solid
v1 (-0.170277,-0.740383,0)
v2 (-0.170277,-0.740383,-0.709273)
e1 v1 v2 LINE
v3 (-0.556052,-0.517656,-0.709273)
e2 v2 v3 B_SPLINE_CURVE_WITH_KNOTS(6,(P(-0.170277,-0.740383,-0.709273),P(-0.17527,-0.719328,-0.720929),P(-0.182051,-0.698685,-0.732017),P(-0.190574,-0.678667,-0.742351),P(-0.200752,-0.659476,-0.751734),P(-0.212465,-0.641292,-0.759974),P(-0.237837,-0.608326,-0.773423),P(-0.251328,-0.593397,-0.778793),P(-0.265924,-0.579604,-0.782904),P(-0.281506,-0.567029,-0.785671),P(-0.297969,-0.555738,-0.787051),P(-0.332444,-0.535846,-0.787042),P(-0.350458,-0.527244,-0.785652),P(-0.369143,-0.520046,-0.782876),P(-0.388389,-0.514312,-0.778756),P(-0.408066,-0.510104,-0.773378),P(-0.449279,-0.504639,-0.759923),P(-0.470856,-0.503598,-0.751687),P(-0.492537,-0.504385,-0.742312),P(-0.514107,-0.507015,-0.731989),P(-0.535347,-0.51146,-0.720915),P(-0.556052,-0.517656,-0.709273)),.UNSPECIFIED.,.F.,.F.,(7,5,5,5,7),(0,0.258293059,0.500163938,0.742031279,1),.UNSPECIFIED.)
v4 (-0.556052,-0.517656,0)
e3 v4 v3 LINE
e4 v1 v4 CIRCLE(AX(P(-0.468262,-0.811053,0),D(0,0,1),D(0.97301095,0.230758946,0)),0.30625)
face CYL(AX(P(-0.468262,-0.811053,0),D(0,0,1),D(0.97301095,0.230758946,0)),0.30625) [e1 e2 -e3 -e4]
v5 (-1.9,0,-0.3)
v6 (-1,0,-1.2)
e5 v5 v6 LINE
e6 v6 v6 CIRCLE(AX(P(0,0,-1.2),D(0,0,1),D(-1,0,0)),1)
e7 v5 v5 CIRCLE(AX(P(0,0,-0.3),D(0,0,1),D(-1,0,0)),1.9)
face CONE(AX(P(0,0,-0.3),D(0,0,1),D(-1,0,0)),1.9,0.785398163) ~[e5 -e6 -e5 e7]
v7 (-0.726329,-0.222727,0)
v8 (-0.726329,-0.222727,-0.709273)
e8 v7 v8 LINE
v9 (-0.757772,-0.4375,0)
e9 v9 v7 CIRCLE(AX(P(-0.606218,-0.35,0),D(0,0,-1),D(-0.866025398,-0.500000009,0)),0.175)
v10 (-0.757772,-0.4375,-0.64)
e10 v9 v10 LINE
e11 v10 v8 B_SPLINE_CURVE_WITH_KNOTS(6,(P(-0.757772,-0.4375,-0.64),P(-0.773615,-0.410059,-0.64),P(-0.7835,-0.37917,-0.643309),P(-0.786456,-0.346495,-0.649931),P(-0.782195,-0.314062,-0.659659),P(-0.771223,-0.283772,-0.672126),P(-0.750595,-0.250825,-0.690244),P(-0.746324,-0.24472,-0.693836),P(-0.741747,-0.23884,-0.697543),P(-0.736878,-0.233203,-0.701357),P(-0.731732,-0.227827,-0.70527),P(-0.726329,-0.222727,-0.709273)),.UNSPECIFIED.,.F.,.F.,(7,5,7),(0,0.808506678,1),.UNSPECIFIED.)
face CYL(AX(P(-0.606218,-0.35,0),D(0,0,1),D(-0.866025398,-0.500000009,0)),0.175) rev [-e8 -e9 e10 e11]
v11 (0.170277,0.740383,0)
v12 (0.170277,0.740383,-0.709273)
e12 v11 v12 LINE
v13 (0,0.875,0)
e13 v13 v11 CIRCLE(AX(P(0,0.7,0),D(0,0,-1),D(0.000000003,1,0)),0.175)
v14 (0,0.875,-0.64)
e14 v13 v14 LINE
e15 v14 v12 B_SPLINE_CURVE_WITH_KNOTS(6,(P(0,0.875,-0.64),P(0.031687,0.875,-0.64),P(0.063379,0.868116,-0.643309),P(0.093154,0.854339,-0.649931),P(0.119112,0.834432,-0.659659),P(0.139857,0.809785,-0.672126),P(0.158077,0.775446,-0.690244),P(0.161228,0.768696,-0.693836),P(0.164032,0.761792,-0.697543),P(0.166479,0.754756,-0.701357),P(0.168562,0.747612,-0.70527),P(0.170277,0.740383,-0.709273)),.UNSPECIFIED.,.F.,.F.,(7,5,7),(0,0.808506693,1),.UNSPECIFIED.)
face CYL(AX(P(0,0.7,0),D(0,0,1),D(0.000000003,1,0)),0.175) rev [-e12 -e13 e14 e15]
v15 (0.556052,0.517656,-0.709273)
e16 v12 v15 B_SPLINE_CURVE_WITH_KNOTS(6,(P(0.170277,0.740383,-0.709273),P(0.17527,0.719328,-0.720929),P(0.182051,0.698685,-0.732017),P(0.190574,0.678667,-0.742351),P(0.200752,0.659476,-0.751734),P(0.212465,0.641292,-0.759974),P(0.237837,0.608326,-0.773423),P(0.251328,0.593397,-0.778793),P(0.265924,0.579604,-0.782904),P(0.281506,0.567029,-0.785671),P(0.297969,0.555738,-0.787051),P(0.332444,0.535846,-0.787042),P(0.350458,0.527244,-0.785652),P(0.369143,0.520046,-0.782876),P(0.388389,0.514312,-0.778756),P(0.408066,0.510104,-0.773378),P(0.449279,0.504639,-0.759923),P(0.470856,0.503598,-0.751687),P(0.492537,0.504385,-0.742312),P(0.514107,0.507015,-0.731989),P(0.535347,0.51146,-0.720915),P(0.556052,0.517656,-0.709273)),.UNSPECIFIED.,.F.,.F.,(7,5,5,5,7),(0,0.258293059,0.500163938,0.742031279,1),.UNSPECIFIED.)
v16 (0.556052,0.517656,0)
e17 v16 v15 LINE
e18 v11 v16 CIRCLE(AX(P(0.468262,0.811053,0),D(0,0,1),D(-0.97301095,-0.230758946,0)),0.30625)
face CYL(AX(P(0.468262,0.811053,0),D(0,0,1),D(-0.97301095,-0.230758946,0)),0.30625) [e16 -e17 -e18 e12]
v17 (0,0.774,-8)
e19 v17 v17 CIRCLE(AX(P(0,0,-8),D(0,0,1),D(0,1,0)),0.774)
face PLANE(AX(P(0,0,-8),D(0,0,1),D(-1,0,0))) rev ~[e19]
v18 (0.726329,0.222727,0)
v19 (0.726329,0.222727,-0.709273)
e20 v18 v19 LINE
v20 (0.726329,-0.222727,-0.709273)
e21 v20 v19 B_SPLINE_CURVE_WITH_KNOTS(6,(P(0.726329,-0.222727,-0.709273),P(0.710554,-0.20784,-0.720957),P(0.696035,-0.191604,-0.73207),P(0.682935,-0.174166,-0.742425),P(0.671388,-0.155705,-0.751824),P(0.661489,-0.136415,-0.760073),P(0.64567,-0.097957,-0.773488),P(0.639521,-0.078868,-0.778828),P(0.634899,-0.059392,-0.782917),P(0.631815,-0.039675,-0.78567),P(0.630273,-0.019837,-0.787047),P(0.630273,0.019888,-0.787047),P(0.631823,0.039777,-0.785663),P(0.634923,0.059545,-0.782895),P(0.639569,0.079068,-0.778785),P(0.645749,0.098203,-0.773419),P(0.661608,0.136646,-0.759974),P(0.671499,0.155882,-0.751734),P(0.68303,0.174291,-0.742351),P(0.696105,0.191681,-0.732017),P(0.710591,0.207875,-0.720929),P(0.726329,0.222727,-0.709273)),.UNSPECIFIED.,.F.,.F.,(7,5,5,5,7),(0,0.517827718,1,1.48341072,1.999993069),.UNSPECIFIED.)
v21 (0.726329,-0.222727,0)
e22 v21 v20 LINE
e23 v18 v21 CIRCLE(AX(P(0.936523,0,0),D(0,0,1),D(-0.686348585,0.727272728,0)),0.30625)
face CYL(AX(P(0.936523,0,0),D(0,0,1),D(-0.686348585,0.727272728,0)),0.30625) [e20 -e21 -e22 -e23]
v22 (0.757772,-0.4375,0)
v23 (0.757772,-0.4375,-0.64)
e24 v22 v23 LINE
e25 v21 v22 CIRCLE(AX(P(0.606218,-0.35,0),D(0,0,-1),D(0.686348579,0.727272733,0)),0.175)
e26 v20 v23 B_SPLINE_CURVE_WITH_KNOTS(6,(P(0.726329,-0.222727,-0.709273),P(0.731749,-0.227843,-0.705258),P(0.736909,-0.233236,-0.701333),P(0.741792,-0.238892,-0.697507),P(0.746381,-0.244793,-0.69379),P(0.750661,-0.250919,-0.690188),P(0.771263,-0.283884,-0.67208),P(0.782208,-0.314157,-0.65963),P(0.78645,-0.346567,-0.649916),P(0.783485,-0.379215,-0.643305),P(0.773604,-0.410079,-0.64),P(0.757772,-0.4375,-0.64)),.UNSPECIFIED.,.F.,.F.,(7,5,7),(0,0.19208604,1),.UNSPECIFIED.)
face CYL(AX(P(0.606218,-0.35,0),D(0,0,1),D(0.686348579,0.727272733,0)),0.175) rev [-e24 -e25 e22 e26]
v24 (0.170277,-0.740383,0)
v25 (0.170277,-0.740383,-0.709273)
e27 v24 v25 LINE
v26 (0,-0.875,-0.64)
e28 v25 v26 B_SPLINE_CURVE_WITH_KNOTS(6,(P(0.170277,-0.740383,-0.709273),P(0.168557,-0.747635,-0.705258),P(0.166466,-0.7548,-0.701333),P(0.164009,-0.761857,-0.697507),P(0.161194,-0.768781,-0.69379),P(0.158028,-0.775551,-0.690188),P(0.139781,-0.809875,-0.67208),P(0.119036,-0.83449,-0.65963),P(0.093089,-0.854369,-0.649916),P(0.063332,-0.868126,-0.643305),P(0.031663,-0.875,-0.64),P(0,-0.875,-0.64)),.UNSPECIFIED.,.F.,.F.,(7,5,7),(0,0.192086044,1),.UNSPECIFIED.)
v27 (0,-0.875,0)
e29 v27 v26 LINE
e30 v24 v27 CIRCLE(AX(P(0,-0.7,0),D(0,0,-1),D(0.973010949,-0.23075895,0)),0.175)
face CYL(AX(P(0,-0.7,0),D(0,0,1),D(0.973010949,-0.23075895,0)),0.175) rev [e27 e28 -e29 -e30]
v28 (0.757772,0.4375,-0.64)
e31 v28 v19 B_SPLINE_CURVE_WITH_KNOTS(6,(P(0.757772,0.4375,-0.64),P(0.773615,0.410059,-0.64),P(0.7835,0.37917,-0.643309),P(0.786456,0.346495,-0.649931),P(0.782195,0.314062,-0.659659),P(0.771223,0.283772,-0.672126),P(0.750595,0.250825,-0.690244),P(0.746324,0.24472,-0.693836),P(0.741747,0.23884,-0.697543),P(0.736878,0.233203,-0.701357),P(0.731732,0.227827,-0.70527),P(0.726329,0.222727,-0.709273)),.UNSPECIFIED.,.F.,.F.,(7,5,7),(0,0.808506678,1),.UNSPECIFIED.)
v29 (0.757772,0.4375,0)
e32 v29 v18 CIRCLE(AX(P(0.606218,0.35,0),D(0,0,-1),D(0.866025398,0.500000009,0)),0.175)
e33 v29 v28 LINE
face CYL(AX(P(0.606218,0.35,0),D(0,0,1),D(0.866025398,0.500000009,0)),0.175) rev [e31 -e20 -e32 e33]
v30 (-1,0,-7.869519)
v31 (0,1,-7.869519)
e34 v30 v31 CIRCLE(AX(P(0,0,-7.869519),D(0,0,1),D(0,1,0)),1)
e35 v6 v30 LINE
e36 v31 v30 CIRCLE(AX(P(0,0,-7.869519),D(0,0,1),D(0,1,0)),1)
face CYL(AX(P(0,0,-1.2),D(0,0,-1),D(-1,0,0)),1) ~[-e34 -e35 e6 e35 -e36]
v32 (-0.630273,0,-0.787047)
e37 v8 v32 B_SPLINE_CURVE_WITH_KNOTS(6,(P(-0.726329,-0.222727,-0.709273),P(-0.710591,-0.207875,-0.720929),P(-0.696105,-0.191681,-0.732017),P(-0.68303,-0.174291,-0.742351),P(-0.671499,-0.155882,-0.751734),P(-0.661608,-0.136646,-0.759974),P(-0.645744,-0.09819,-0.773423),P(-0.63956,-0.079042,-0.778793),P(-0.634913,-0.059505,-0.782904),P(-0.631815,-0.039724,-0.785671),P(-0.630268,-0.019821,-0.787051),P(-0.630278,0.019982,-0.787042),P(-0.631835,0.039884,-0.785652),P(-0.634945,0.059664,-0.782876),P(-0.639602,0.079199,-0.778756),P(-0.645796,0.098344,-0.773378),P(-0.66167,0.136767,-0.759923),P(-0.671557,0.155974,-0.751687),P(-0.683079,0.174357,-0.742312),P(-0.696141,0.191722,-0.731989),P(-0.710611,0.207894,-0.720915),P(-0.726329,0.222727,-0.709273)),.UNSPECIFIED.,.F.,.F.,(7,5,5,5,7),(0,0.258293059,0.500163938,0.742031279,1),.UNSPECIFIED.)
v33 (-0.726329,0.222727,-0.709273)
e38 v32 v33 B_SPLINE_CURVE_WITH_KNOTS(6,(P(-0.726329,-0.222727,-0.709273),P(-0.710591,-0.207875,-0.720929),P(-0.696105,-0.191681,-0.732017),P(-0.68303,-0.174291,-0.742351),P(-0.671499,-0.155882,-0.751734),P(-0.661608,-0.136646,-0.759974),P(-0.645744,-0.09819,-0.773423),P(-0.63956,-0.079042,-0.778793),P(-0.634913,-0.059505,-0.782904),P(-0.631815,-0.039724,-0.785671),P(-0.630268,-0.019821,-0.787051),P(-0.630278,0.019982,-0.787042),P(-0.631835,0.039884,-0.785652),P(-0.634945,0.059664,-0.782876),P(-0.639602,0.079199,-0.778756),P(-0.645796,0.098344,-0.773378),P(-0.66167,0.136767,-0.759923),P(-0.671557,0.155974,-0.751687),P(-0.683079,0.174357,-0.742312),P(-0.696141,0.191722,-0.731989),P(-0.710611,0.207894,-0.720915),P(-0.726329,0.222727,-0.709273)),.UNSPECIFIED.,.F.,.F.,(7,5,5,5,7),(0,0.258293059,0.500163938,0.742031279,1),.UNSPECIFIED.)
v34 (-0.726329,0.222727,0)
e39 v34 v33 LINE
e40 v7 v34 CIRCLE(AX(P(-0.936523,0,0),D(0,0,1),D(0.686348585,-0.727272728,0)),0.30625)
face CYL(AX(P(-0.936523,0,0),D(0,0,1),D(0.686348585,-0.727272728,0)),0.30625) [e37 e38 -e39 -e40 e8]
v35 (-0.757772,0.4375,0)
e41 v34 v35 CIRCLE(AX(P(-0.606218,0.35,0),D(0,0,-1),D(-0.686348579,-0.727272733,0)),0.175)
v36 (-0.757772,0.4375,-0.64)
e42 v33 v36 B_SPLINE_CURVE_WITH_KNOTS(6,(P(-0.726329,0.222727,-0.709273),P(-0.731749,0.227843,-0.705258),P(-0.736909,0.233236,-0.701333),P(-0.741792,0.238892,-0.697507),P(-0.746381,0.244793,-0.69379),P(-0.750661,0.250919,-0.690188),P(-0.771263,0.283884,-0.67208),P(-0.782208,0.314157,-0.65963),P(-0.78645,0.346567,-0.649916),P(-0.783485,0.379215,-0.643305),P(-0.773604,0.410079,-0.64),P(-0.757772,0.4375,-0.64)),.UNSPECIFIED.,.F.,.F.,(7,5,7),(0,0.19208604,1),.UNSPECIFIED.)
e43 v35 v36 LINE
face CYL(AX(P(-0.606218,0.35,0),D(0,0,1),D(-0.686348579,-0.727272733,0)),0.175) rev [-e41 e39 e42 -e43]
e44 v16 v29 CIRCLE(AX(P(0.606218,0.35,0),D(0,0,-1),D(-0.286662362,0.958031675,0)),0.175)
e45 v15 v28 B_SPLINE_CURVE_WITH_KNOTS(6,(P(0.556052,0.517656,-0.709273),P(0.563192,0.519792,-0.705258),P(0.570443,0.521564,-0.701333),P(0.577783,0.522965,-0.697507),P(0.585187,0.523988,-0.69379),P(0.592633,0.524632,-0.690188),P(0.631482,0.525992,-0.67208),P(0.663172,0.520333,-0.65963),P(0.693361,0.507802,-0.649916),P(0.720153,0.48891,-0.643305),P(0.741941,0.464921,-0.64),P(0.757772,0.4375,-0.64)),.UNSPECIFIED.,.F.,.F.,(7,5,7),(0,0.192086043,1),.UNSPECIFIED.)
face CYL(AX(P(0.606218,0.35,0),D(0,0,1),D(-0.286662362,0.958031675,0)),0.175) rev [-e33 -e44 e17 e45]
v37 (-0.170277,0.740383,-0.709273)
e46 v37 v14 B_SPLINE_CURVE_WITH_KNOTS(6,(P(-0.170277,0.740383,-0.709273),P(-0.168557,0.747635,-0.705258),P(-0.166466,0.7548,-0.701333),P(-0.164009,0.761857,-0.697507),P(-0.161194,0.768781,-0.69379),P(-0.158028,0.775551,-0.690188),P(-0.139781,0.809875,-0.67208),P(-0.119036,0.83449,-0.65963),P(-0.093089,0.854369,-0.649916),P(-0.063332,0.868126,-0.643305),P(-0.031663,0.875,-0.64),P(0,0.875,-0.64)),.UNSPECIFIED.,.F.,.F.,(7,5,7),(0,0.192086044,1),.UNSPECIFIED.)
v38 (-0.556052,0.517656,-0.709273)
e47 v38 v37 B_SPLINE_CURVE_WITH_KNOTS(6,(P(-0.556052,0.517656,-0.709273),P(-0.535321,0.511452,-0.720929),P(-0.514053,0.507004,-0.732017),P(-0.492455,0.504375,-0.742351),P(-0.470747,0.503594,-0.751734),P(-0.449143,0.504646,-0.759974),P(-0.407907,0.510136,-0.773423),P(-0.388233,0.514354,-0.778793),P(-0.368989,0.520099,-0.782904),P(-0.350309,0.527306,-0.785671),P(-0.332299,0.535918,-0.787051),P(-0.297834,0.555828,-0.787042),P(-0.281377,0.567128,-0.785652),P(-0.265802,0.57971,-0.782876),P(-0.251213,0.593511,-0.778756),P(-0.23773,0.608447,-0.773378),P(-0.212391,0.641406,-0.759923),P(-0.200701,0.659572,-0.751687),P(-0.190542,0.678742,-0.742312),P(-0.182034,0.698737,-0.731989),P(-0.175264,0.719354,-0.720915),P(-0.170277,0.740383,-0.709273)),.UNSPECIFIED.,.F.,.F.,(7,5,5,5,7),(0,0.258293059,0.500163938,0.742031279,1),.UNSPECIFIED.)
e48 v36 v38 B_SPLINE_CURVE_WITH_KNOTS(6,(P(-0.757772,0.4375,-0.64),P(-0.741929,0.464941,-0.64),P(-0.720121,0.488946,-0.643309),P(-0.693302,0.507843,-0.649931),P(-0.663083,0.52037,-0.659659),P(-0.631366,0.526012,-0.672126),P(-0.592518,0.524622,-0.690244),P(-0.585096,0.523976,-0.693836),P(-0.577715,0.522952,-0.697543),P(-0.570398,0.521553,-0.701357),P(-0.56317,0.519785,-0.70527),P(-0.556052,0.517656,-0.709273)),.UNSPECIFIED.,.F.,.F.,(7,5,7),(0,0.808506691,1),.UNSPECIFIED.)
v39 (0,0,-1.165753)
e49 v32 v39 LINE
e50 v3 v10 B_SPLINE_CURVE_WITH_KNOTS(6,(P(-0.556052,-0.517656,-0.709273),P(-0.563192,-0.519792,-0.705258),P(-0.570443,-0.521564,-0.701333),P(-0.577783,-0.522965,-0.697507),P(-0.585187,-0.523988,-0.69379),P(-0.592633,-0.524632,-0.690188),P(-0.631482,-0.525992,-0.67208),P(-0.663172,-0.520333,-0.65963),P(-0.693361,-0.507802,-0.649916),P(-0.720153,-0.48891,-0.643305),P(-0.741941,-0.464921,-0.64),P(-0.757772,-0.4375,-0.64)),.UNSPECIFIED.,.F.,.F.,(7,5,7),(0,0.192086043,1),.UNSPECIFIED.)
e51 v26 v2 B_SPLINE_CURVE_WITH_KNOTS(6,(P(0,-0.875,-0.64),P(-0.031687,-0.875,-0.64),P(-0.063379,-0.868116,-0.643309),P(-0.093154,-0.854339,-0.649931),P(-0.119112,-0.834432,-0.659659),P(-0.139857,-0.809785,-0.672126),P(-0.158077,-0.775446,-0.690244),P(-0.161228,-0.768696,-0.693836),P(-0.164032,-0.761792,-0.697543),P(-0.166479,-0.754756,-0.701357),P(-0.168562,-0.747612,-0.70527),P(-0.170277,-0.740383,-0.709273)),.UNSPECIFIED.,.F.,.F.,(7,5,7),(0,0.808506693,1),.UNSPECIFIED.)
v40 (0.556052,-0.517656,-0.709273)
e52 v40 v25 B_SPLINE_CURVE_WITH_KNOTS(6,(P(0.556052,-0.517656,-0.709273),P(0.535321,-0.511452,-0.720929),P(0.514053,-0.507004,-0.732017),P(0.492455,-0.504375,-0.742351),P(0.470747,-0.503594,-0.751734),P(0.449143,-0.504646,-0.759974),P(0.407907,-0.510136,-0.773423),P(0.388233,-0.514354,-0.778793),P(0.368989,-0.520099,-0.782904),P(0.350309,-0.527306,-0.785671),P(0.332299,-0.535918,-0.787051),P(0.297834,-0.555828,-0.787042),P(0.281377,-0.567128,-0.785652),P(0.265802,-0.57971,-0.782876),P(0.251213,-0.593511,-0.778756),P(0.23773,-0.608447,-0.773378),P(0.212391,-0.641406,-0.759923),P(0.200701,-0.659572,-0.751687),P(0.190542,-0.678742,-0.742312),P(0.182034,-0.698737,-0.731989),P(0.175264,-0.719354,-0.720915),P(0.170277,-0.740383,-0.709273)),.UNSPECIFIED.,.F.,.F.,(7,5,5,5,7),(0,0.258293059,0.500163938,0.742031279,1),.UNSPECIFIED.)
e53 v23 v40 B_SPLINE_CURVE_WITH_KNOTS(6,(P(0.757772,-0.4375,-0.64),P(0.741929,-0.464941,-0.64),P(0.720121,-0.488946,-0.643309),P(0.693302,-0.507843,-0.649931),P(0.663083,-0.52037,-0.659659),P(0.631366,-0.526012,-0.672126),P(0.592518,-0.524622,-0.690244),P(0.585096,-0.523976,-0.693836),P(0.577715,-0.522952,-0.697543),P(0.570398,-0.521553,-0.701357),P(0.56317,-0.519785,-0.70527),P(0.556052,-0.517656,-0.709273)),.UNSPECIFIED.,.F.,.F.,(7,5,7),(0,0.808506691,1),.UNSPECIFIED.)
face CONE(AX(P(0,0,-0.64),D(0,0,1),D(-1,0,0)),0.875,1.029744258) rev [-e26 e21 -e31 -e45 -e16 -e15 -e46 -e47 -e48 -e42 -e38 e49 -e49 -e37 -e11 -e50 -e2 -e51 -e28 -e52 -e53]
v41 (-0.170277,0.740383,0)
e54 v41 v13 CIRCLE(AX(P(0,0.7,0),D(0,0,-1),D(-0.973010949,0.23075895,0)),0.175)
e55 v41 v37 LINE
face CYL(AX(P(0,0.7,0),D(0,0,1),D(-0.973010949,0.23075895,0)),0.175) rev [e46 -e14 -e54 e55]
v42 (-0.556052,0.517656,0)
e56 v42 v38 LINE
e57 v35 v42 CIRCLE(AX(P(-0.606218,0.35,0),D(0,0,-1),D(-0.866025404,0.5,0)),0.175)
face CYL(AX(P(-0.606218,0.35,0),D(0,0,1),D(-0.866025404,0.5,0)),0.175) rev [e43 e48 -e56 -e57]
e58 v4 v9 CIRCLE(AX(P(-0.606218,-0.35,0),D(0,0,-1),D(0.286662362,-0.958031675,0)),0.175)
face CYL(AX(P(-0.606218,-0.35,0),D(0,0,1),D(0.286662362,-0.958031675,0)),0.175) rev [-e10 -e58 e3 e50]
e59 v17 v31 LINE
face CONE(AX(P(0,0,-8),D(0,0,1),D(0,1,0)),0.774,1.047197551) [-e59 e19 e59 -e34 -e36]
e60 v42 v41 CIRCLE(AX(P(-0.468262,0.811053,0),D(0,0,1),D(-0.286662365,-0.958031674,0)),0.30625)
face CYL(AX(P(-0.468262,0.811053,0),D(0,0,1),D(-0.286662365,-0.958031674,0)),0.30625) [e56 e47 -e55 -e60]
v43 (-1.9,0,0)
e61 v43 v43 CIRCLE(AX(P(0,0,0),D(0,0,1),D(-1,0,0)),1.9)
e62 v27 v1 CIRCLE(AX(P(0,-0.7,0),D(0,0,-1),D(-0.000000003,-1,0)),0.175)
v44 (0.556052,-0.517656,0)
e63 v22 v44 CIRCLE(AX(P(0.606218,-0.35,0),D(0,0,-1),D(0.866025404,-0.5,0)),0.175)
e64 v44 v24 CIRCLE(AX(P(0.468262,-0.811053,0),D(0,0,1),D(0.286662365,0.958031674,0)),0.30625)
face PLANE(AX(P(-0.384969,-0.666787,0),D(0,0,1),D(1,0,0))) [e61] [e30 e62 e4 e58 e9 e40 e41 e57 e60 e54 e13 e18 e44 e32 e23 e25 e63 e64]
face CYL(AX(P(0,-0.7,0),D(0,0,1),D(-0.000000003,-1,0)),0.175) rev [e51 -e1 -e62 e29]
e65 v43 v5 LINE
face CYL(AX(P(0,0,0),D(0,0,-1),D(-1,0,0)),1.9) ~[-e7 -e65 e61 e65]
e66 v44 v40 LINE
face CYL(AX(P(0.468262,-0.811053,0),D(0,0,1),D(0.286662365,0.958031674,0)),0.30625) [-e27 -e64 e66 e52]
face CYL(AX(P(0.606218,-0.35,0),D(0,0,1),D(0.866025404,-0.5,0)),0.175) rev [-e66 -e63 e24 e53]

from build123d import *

# Parameters (mm, degrees)
HEXALOBULAR_REACH = 10.439


with BuildPart() as part:
    # BodySke → Base-Revolve (revolve)
    with BuildSketch(Plane(origin=(0, 0, 0), x_dir=(0, 0, -1), z_dir=(1, 0, 0)), mode=Mode.PRIVATE) as base_revolve_sk:
        Polygon((0, 0), (0, 1.9), (0.3, 1.9), (1.2, 1), (8, 1), (8, 0), align=None)
    revolve(base_revolve_sk.sketch.rotate(Axis((0, 0, 0), (0, 0, 1)), 90), axis=Axis((0, 0, 0), (0, 0, 1)))

    # PreBSke → PreBroach (revolve, cut)
    with BuildSketch(Plane(origin=(0, 0, 0), x_dir=(0, 0, -1), z_dir=(1, 0, 0)), mode=Mode.PRIVATE) as prebroach_sk:
        Polygon((0, 0), (0, 0.875), (0.64, 0.875), (1.165753042, 0), align=None)
    revolve(prebroach_sk.sketch.rotate(Axis((0, 0, 0), (0, 0, 1)), 90), axis=Axis((0, 0, 0), (0, 0, 1)), mode=Mode.SUBTRACT)

    # Hexalobular: up to this cone (the profile starts inside it)
    hexalobular_end = Plane(origin=(0, 0, 0), z_dir=(0, 0, 1)).offset(-1.165752042) * Cone(1.664e-06, 23.374625438, 14.04489091, align=(Align.CENTER, Align.CENTER, Align.MIN), mode=Mode.PRIVATE)
    # HexSke → Hexalobular (add, up to the surface)
    with BuildSketch(Plane.XY, mode=Mode.PRIVATE) as hexalobular_sk1:
        with BuildLine():
            ThreePointArc((-0.757772228, -0.4375), (-0.779371934, -0.324649655), (-0.726328785, -0.222727273))
            ThreePointArc((-0.726328785, -0.222727273), (-0.630273039, 0), (-0.726328785, 0.222727273))
            ThreePointArc((-0.726328785, 0.222727273), (-0.779371934, 0.324649655), (-0.757772228, 0.4375))
            ThreePointArc((-0.757772228, 0.4375), (-0.875, 0), (-0.757772228, -0.4375))
        make_face()
    hexalobular_tool1 = extrude(hexalobular_sk1.sketch, amount=-HEXALOBULAR_REACH, mode=Mode.PRIVATE) & hexalobular_end
    add(hexalobular_tool1.solids().sort_by_distance((-0.76612, 0, 0))[0])
    # HexSke → Hexalobular (add, up to the surface)
    with BuildSketch(Plane.XY, mode=Mode.PRIVATE) as hexalobular_sk2:
        with BuildLine():
            ThreePointArc((0, 0.875), (-0.4375, 0.757772228), (-0.757772228, 0.4375))
            ThreePointArc((-0.757772228, 0.4375), (-0.670840815, 0.512631066), (-0.556051869, 0.517655543))
            ThreePointArc((-0.556051869, 0.517655543), (-0.31513652, 0.545832463), (-0.170276916, 0.740382816))
            ThreePointArc((-0.170276916, 0.740382816), (-0.108531118, 0.837280721), (0, 0.875))
        make_face()
    hexalobular_tool2 = extrude(hexalobular_sk2.sketch, amount=-HEXALOBULAR_REACH, mode=Mode.PRIVATE) & hexalobular_end
    add(hexalobular_tool2.solids().sort_by_distance((-0.38306, 0.66348, 0))[0])
    # HexSke → Hexalobular (add, up to the surface)
    with BuildSketch(Plane.XY, mode=Mode.PRIVATE) as hexalobular_sk3:
        with BuildLine():
            ThreePointArc((0.757772228, 0.4375), (0.4375, 0.757772228), (0, 0.875))
            ThreePointArc((0, 0.875), (0.108531118, 0.837280721), (0.170276916, 0.740382816))
            ThreePointArc((0.170276916, 0.740382816), (0.31513652, 0.545832463), (0.556051869, 0.517655543))
            ThreePointArc((0.556051869, 0.517655543), (0.670840815, 0.512631066), (0.757772228, 0.4375))
        make_face()
    hexalobular_tool3 = extrude(hexalobular_sk3.sketch, amount=-HEXALOBULAR_REACH, mode=Mode.PRIVATE) & hexalobular_end
    add(hexalobular_tool3.solids().sort_by_distance((0.38306, 0.66348, 0))[0])
    # HexSke → Hexalobular (add, up to the surface)
    with BuildSketch(Plane.XY, mode=Mode.PRIVATE) as hexalobular_sk4:
        with BuildLine():
            ThreePointArc((0.726328785, -0.222727273), (0.779371934, -0.324649655), (0.757772228, -0.4375))
            ThreePointArc((0.757772228, -0.4375), (0.845185098, -0.226466664), (0.875, 0))
            ThreePointArc((0.875, 0), (0.845185098, 0.226466664), (0.757772228, 0.4375))
            ThreePointArc((0.757772228, 0.4375), (0.779371934, 0.324649655), (0.726328785, 0.222727273))
            ThreePointArc((0.726328785, 0.222727273), (0.630273039, 0), (0.726328785, -0.222727273))
        make_face()
    hexalobular_tool4 = extrude(hexalobular_sk4.sketch, amount=-HEXALOBULAR_REACH, mode=Mode.PRIVATE) & hexalobular_end
    add(hexalobular_tool4.solids().sort_by_distance((0.76612, 0, 0))[0])
    # HexSke → Hexalobular (add, up to the surface)
    with BuildSketch(Plane.XY, mode=Mode.PRIVATE) as hexalobular_sk5:
        with BuildLine():
            ThreePointArc((0.170276916, -0.740382816), (0.108531118, -0.837280721), (0, -0.875))
            ThreePointArc((0, -0.875), (0.4375, -0.757772228), (0.757772228, -0.4375))
            ThreePointArc((0.757772228, -0.4375), (0.670840815, -0.512631066), (0.556051869, -0.517655543))
            ThreePointArc((0.556051869, -0.517655543), (0.31513652, -0.545832463), (0.170276916, -0.740382816))
        make_face()
    hexalobular_tool5 = extrude(hexalobular_sk5.sketch, amount=-HEXALOBULAR_REACH, mode=Mode.PRIVATE) & hexalobular_end
    add(hexalobular_tool5.solids().sort_by_distance((0.38306, -0.66348, 0))[0])
    # HexSke → Hexalobular (add, up to the surface)
    with BuildSketch(Plane.XY, mode=Mode.PRIVATE) as hexalobular_sk6:
        with BuildLine():
            ThreePointArc((-0.556051869, -0.517655543), (-0.670840815, -0.512631066), (-0.757772228, -0.4375))
            ThreePointArc((-0.757772228, -0.4375), (-0.4375, -0.757772228), (0, -0.875))
            ThreePointArc((0, -0.875), (-0.108531118, -0.837280721), (-0.170276916, -0.740382816))
            ThreePointArc((-0.170276916, -0.740382816), (-0.31513652, -0.545832463), (-0.556051869, -0.517655543))
        make_face()
    hexalobular_tool6 = extrude(hexalobular_sk6.sketch, amount=-HEXALOBULAR_REACH, mode=Mode.PRIVATE) & hexalobular_end
    add(hexalobular_tool6.solids().sort_by_distance((-0.38306, -0.66348, 0))[0])

    # ThdSchSke → ThreadSchematic (revolve, cut)
    with BuildSketch(Plane(origin=(0, 0, 0), x_dir=(0, 0, -1), z_dir=(1, 0, 0))):
        Polygon((8.130481161, 1), (8, 0.774), (7.869518839, 1), align=None)
    revolve(axis=Axis((0, 0, 0), (0, 0, 1)), mode=Mode.SUBTRACT)


solid = part.part
